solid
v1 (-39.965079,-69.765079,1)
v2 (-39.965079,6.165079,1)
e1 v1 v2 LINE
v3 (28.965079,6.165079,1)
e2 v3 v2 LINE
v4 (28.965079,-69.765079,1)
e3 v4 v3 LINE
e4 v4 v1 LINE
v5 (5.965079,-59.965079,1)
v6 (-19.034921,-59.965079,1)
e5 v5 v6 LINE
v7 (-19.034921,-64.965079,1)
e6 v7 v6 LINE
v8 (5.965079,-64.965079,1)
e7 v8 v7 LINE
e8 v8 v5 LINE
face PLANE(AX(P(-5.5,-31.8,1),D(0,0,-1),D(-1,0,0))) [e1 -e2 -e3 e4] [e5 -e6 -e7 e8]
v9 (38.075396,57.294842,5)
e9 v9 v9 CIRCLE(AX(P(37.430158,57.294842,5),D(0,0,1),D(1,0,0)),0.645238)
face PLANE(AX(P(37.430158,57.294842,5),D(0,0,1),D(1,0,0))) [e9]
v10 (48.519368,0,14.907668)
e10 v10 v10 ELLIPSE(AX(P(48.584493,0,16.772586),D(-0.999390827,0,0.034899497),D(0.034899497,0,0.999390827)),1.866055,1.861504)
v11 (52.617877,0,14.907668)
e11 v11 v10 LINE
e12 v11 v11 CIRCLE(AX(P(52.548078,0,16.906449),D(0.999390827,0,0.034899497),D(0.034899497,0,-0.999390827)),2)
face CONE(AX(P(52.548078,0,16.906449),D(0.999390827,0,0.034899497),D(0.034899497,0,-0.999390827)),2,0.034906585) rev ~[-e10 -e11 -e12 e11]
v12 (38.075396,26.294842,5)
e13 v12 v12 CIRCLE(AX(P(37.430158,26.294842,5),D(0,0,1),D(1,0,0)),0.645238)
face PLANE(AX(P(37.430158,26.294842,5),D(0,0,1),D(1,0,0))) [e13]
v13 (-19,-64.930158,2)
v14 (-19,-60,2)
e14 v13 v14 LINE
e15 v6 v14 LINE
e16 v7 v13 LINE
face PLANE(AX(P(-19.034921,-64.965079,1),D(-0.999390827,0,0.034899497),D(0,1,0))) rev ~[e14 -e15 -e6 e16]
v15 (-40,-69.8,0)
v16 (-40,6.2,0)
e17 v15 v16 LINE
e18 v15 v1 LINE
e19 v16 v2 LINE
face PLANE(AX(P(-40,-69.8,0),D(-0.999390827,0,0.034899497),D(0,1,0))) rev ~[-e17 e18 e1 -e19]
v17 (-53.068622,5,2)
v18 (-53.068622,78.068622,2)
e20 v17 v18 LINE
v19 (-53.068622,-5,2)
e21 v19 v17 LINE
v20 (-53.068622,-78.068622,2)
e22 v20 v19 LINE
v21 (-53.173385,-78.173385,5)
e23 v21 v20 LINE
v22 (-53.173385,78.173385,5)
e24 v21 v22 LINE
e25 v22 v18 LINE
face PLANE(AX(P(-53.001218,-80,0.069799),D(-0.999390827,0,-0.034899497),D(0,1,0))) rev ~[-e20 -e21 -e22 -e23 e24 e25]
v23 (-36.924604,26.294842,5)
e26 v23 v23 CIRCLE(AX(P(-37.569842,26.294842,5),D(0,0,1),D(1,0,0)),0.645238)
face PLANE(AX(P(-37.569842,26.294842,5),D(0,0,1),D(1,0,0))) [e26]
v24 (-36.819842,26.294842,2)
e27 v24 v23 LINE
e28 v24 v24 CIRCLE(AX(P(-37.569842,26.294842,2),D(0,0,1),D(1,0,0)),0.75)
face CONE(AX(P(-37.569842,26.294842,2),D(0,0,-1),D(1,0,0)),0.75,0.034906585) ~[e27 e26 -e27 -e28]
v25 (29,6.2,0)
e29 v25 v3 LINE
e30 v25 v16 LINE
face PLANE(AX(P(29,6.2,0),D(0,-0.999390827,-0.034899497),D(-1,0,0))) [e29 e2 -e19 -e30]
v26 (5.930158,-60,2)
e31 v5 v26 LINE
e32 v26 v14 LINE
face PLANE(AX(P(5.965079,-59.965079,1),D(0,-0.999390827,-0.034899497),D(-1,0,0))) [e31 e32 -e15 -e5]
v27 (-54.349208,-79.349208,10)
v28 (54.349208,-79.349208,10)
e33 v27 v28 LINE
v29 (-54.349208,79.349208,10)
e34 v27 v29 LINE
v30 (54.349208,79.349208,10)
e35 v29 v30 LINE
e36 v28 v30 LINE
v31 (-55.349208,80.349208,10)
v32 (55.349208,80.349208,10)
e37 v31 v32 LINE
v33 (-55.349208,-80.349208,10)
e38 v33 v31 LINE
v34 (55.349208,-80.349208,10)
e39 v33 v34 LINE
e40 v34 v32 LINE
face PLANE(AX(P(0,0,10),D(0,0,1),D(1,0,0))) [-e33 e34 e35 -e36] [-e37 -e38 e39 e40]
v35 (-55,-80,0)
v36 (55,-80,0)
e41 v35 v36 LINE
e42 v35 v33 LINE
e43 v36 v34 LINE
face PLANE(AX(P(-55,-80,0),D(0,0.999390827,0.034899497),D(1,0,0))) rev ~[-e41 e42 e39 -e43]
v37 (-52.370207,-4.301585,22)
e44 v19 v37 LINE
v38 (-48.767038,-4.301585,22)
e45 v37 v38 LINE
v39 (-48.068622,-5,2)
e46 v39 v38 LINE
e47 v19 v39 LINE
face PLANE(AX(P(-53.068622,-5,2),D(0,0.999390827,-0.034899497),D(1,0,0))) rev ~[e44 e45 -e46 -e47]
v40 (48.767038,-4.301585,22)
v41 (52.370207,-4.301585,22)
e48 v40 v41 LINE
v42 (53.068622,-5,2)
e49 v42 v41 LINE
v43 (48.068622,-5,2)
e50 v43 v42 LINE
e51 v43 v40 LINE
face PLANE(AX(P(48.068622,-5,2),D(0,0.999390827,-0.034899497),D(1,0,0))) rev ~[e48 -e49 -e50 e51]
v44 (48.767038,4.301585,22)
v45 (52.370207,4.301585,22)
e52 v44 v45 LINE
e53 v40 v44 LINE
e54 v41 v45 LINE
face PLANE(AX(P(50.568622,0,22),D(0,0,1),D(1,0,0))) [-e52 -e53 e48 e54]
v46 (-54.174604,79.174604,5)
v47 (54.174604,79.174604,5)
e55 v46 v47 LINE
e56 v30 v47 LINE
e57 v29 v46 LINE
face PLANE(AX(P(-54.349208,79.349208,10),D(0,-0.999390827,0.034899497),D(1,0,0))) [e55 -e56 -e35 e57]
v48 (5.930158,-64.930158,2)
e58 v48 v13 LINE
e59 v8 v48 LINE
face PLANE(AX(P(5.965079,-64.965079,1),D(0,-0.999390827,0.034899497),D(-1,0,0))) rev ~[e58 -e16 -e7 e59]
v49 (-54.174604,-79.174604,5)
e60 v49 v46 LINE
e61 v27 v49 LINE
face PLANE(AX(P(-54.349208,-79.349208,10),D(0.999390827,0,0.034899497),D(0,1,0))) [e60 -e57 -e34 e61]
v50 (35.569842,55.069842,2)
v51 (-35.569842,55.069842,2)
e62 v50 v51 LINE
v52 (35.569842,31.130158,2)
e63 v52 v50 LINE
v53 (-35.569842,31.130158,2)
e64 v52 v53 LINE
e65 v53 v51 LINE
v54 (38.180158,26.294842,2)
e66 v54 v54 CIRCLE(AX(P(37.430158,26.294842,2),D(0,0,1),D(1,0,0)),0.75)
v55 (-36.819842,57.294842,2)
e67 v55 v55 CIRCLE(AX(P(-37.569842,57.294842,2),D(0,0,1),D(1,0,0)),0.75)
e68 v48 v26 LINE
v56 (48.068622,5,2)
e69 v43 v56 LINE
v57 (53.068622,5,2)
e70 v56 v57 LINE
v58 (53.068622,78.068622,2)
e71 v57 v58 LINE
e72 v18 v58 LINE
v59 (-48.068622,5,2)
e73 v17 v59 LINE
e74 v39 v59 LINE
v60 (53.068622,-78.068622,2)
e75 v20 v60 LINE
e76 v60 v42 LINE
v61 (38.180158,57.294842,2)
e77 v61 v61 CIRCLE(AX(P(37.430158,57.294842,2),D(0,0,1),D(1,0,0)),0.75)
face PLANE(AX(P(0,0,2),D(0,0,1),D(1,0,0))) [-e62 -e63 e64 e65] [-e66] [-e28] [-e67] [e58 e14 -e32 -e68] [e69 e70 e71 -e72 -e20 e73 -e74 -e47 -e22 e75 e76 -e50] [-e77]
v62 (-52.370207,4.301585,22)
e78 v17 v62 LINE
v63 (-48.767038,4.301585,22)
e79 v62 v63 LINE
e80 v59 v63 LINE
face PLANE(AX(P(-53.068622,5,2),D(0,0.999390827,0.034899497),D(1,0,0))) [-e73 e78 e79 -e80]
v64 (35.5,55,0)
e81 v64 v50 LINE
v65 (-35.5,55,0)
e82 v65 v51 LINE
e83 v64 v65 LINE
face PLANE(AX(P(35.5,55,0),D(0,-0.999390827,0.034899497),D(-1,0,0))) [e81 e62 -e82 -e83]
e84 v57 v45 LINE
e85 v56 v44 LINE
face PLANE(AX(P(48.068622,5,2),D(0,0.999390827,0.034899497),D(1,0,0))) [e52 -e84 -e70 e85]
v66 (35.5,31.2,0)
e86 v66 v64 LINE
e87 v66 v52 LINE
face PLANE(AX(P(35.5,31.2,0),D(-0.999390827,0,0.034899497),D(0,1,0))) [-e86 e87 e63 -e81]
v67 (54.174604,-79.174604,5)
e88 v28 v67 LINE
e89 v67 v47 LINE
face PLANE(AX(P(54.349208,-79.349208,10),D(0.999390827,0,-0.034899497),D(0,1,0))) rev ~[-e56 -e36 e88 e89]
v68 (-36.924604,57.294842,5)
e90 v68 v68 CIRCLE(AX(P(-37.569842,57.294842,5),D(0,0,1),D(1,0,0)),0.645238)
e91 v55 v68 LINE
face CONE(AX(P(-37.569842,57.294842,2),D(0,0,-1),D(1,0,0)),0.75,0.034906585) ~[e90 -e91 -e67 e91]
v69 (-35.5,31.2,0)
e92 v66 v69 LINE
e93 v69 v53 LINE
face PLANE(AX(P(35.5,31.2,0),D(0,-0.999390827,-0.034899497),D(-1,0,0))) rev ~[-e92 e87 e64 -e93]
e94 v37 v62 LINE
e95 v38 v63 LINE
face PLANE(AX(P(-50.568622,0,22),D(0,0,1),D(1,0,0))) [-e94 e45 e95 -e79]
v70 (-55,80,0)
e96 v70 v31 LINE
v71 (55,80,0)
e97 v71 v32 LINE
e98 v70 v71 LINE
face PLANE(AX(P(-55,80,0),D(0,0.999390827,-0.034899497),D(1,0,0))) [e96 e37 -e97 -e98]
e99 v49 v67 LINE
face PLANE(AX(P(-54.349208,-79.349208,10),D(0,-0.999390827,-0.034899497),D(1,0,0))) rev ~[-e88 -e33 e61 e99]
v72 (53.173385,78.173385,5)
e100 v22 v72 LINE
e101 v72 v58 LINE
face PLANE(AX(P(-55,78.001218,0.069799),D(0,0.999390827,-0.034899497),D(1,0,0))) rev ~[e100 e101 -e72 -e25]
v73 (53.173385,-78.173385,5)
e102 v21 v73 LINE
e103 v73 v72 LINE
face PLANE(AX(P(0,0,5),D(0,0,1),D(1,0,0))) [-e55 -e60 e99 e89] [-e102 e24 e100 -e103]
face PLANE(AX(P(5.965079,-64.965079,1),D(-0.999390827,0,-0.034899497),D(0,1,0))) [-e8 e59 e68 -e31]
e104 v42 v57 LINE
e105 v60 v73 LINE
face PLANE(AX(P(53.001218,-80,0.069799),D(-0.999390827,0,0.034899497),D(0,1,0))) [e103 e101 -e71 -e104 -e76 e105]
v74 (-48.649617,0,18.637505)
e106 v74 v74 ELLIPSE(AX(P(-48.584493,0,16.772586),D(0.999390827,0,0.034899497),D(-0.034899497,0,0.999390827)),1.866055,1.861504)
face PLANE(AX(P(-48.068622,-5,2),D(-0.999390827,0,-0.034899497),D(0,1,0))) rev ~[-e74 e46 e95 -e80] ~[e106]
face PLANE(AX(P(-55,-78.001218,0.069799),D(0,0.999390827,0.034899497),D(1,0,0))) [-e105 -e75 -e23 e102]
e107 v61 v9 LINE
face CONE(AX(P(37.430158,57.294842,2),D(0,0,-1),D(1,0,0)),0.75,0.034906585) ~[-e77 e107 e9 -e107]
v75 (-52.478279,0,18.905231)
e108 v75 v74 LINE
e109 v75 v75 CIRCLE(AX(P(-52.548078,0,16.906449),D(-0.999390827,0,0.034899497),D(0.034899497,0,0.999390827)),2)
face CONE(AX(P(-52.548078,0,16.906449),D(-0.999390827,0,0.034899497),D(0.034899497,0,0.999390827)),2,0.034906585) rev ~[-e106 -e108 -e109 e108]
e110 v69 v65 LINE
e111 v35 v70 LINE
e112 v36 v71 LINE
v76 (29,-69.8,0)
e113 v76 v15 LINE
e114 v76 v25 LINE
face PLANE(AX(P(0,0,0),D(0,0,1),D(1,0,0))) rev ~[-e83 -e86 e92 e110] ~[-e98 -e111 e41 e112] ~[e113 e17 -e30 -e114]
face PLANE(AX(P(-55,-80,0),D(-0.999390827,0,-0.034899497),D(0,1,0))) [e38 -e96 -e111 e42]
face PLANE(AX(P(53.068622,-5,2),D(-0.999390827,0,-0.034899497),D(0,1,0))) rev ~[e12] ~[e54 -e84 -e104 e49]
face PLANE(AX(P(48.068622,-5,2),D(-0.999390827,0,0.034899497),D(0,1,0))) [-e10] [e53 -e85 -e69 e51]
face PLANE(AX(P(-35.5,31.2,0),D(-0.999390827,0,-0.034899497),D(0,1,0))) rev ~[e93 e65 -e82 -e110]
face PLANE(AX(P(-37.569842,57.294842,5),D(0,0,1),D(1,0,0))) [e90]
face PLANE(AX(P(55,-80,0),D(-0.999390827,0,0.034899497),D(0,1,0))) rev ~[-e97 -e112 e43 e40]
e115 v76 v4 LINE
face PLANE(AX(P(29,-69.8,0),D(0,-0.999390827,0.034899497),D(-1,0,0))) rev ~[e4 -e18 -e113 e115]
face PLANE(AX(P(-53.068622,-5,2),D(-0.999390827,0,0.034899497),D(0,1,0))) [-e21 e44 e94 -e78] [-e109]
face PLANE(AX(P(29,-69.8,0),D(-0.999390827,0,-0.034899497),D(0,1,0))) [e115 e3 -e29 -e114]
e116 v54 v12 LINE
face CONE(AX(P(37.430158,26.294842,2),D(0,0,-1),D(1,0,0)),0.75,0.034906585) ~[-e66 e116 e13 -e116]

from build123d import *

# Parameters (mm, degrees)
SKETCH1_W                     = 110
SKETCH1_H                     = 160
BOSS_EXTRUDE1_DEPTH           = 10
BOSS_EXTRUDE1_DRAFT           = -2
SHELL1_T                      = -2
SKETCH3_W                     = 108.69841539
SKETCH3_H                     = 158.69841539
CUT_EXTRUDE3_DEPTH            = 5
CUT_EXTRUDE3_DRAFT            = -2
SKETCH4_W                     = 71
SKETCH4_H                     = 23.8
CUT_EXTRUDE4_DEPTH            = 2
CUT_EXTRUDE4_DRAFT            = 2
SKETCH10_R                    = 0.75
BOSS_EXTRUDE3_DEPTH           = 3
BOSS_EXTRUDE3_DRAFT           = 2
BOSS_EXTRUDE3_PROFILE_2_DEPTH = 3
BOSS_EXTRUDE3_PROFILE_2_DRAFT = 2
BOSS_EXTRUDE3_PROFILE_3_DEPTH = 3
BOSS_EXTRUDE3_PROFILE_3_DRAFT = 2
BOSS_EXTRUDE3_PROFILE_4_DEPTH = 3
BOSS_EXTRUDE3_PROFILE_4_DRAFT = 2
SKETCH13_W                    = 5
SKETCH13_H                    = 10
BOSS_EXTRUDE8_DEPTH           = 20
BOSS_EXTRUDE8_DRAFT           = 2
BOSS_EXTRUDE8_PROFILE_2_DEPTH = 20
BOSS_EXTRUDE8_PROFILE_2_DRAFT = 2
CUT_EXTRUDE8_REACH            = 138.446
SKETCH21_R                    = 2
CUT_EXTRUDE8_DRAFT            = -2
CUT_EXTRUDE9_REACH            = 138.446
SKETCH22_R                    = 2
CUT_EXTRUDE9_DRAFT            = -2
SKETCH27_W                    = 69
SKETCH27_H                    = 76
CUT_EXTRUDE10_DEPTH           = 1
CUT_EXTRUDE10_DRAFT           = -2
SKETCH28_W                    = 25
SKETCH28_H                    = 5
CUT_EXTRUDE11_DEPTH           = 1
CUT_EXTRUDE11_DRAFT           = -2


with BuildPart() as part:
    # Sketch1 → Boss-Extrude1 (with draft: the straight prism first)
    with BuildSketch(Plane.XY):
        Rectangle(SKETCH1_W, SKETCH1_H)
    extrude(amount=BOSS_EXTRUDE1_DEPTH)
    # Boss-Extrude1: the draft: its side faces are tilted about the plane it starts from
    boss_extrude1_sides = [part.faces().sort_by_distance(p)[0] for p in [
        (55, 0, 5),
        (0, 80, 5),
        (-55, 0, 5),
        (0, -80, 5),
    ]]
    draft(boss_extrude1_sides, Plane.XY, BOSS_EXTRUDE1_DRAFT)

    # Shell1
    shell1_openings = [part.faces().sort_by_distance(p)[0] for p in [
        (0, 0, 10),
    ]]
    offset(amount=SHELL1_T, openings=shell1_openings, kind=Kind.INTERSECTION)


with BuildPart() as cut_extrude3_tool:
    # Sketch3 → Cut-Extrude3 (with draft: the straight prism first)
    with BuildSketch(Plane.XY.offset(10)):
        Rectangle(SKETCH3_W, SKETCH3_H)
    extrude(amount=-CUT_EXTRUDE3_DEPTH)
    # Cut-Extrude3: the draft: its side faces are tilted about the plane it starts from
    cut_extrude3_sides = [cut_extrude3_tool.faces().sort_by_distance(p)[0] for p in [
        (54.349207695, 0, 7.5),
        (0, 79.349207695, 7.5),
        (-54.349207695, 0, 7.5),
        (0, -79.349207695, 7.5),
    ]]
    draft(cut_extrude3_sides, Plane.XY.offset(10), CUT_EXTRUDE3_DRAFT)


with BuildPart() as part_1:
    add(part.part)

    # Cut-Extrude3: cut by cut_extrude3_tool
    add(cut_extrude3_tool.part, mode=Mode.SUBTRACT)


with BuildPart() as cut_extrude4_tool:
    # Sketch4 → Cut-Extrude4 (with draft: the straight prism first)
    with BuildSketch(Plane(origin=(0, 0, 0), x_dir=(-1, 0, 0), z_dir=(0, 0, -1))):
        with Locations((0, 43.1)):
            Rectangle(SKETCH4_W, SKETCH4_H)
    extrude(amount=-CUT_EXTRUDE4_DEPTH)
    # Cut-Extrude4: the draft: its side faces are tilted about the plane it starts from
    cut_extrude4_sides = [cut_extrude4_tool.faces().sort_by_distance(p)[0] for p in [
        (-35.5, 43.1, 1),
        (0, 55, 1),
        (35.5, 43.1, 1),
        (0, 31.2, 1),
    ]]
    draft(cut_extrude4_sides, Plane(origin=(0, 0, 0), x_dir=(-1, 0, 0), z_dir=(0, 0, -1)), CUT_EXTRUDE4_DRAFT)


with BuildPart() as part_2:
    add(part_1.part)

    # Cut-Extrude4: cut by cut_extrude4_tool
    add(cut_extrude4_tool.part, mode=Mode.SUBTRACT)


with BuildPart() as boss_extrude3_tool:
    # Sketch10 → Boss-Extrude3 (with draft: the straight prism first)
    with BuildSketch(Plane.XY.offset(2)):
        with Locations((-37.569841539, 57.294841539)):
            Circle(SKETCH10_R)
    extrude(amount=BOSS_EXTRUDE3_DEPTH)
    # Boss-Extrude3: the draft: its side faces are tilted about the plane it starts from
    boss_extrude3_sides = [boss_extrude3_tool.faces().sort_by_distance(p)[0] for p in [
        (-38.319841539, 57.294841539, 3.5),
    ]]
    draft(boss_extrude3_sides, Plane.XY.offset(2), BOSS_EXTRUDE3_DRAFT)


with BuildPart() as part_3:
    add(part_2.part)

    # Boss-Extrude3: add boss_extrude3_tool
    add(boss_extrude3_tool.part)


with BuildPart() as boss_extrude3_profile_2_tool:
    # Sketch10 → Boss-Extrude3 profile 2 (with draft: the straight prism first)
    with BuildSketch(Plane.XY.offset(2)):
        with Locations((37.430158461, 57.294841539)):
            Circle(SKETCH10_R)
    extrude(amount=BOSS_EXTRUDE3_PROFILE_2_DEPTH)
    # Boss-Extrude3 profile 2: the draft: its side faces are tilted about the plane it starts from
    boss_extrude3_profile_2_sides = [boss_extrude3_profile_2_tool.faces().sort_by_distance(p)[0] for p in [
        (36.680158461, 57.294841539, 3.5),
    ]]
    draft(boss_extrude3_profile_2_sides, Plane.XY.offset(2), BOSS_EXTRUDE3_PROFILE_2_DRAFT)


with BuildPart() as part_4:
    add(part_3.part)

    # Boss-Extrude3 profile 2: add boss_extrude3_profile_2_tool
    add(boss_extrude3_profile_2_tool.part)


with BuildPart() as boss_extrude3_profile_3_tool:
    # Sketch10 → Boss-Extrude3 profile 3 (with draft: the straight prism first)
    with BuildSketch(Plane.XY.offset(2)):
        with Locations((37.430158461, 26.294841539)):
            Circle(SKETCH10_R)
    extrude(amount=BOSS_EXTRUDE3_PROFILE_3_DEPTH)
    # Boss-Extrude3 profile 3: the draft: its side faces are tilted about the plane it starts from
    boss_extrude3_profile_3_sides = [boss_extrude3_profile_3_tool.faces().sort_by_distance(p)[0] for p in [
        (36.680158461, 26.294841539, 3.5),
    ]]
    draft(boss_extrude3_profile_3_sides, Plane.XY.offset(2), BOSS_EXTRUDE3_PROFILE_3_DRAFT)


with BuildPart() as part_5:
    add(part_4.part)

    # Boss-Extrude3 profile 3: add boss_extrude3_profile_3_tool
    add(boss_extrude3_profile_3_tool.part)


with BuildPart() as boss_extrude3_profile_4_tool:
    # Sketch10 → Boss-Extrude3 profile 4 (with draft: the straight prism first)
    with BuildSketch(Plane.XY.offset(2)):
        with Locations((-37.569841539, 26.294841539)):
            Circle(SKETCH10_R)
    extrude(amount=BOSS_EXTRUDE3_PROFILE_4_DEPTH)
    # Boss-Extrude3 profile 4: the draft: its side faces are tilted about the plane it starts from
    boss_extrude3_profile_4_sides = [boss_extrude3_profile_4_tool.faces().sort_by_distance(p)[0] for p in [
        (-38.319841539, 26.294841539, 3.5),
    ]]
    draft(boss_extrude3_profile_4_sides, Plane.XY.offset(2), BOSS_EXTRUDE3_PROFILE_4_DRAFT)


with BuildPart() as part_6:
    add(part_5.part)

    # Boss-Extrude3 profile 4: add boss_extrude3_profile_4_tool
    add(boss_extrude3_profile_4_tool.part)


with BuildPart() as boss_extrude8_tool:
    # Sketch13 → Boss-Extrude8 (with draft: the straight prism first)
    with BuildSketch(Plane.XY.offset(2)):
        with Locations((-50.56862245, 0)):
            Rectangle(SKETCH13_W, SKETCH13_H)
    extrude(amount=BOSS_EXTRUDE8_DEPTH)
    # Boss-Extrude8: the draft: its side faces are tilted about the plane it starts from
    boss_extrude8_sides = [boss_extrude8_tool.faces().sort_by_distance(p)[0] for p in [
        (-50.56862245, 5, 12),
        (-53.06862245, 0, 12),
        (-50.56862245, -5, 12),
        (-48.06862245, 0, 12),
    ]]
    draft(boss_extrude8_sides, Plane.XY.offset(2), BOSS_EXTRUDE8_DRAFT)


with BuildPart() as part_7:
    add(part_6.part)

    # Boss-Extrude8: add boss_extrude8_tool
    add(boss_extrude8_tool.part)


with BuildPart() as boss_extrude8_profile_2_tool:
    # Sketch13 → Boss-Extrude8 profile 2 (with draft: the straight prism first)
    with BuildSketch(Plane.XY.offset(2)):
        with Locations((50.56862245, 0)):
            Rectangle(SKETCH13_W, SKETCH13_H)
    extrude(amount=BOSS_EXTRUDE8_PROFILE_2_DEPTH)
    # Boss-Extrude8 profile 2: the draft: its side faces are tilted about the plane it starts from
    boss_extrude8_profile_2_sides = [boss_extrude8_profile_2_tool.faces().sort_by_distance(p)[0] for p in [
        (50.56862245, -5, 12),
        (53.06862245, 0, 12),
        (50.56862245, 5, 12),
        (48.06862245, 0, 12),
    ]]
    draft(boss_extrude8_profile_2_sides, Plane.XY.offset(2), BOSS_EXTRUDE8_PROFILE_2_DRAFT)


with BuildPart() as part_8:
    add(part_7.part)

    # Boss-Extrude8 profile 2: add boss_extrude8_profile_2_tool
    add(boss_extrude8_profile_2_tool.part)

    # Cut-Extrude8: up to this plane
    cut_extrude8_end = Plane(origin=(-48.06862245, 5, 2), z_dir=(0.9993908270190958, 0, 0.034899496702501004))



with BuildPart() as cut_extrude8_long_prism_1:
    # Sketch21 → Cut-Extrude8 (the long prism of profile 1, to be tilted and cut off)
    with BuildSketch(Plane(origin=(-53.073742676, 0, 1.853375934), x_dir=(0.03489949670250101, 0, 0.9993908270190958), z_dir=(-0.9993908270190958, 0, 0.03489949670250101))):
        with Locations((15.062248779, 0)):
            Circle(SKETCH21_R)
    extrude(amount=-CUT_EXTRUDE8_REACH)
    cut_extrude8_tool1_sides = [cut_extrude8_long_prism_1.faces().sort_by_distance(p)[0] for p in [
        (16.562954451, 0, 12.491819684),
    ]]
    draft(cut_extrude8_tool1_sides, Plane(origin=(-53.073742676, 0, 1.853375934), x_dir=(0.03489949670250101, 0, 0.9993908270190958), z_dir=(-0.9993908270190958, 0, 0.03489949670250101)), CUT_EXTRUDE8_DRAFT)  # the draft: side faces tilted about the start plane


with BuildPart() as part_9:
    add(part_8.part)
    cut_extrude8_tool1 = split(cut_extrude8_long_prism_1.part, bisect_by=cut_extrude8_end, keep=Keep.BOTH, mode=Mode.PRIVATE)
    add(cut_extrude8_tool1.solids().sort_by_distance((-52.548078, 0, 16.906449))[0], mode=Mode.SUBTRACT)

    # Cut-Extrude9: up to this plane
    cut_extrude9_end = Plane(origin=(48.06862245, -5, 2), z_dir=(-0.9993908270190958, 0, 0.034899496702501004))



with BuildPart() as cut_extrude9_long_prism_1:
    # Sketch22 → Cut-Extrude9 (the long prism of profile 1, to be tilted and cut off)
    with BuildSketch(Plane(origin=(53.073742676, 0, 1.853375934), x_dir=(0.03489949670250101, 0, -0.9993908270190958), z_dir=(0.9993908270190958, 0, 0.03489949670250101))):
        with Locations((-15.062248779, 0)):
            Circle(SKETCH22_R)
    extrude(amount=-CUT_EXTRUDE9_REACH)
    cut_extrude9_tool1_sides = [cut_extrude9_long_prism_1.faces().sort_by_distance(p)[0] for p in [
        (-16.702552438, 0, 16.489382992),
    ]]
    draft(cut_extrude9_tool1_sides, Plane(origin=(53.073742676, 0, 1.853375934), x_dir=(0.03489949670250101, 0, -0.9993908270190958), z_dir=(0.9993908270190958, 0, 0.03489949670250101)), CUT_EXTRUDE9_DRAFT)  # the draft: side faces tilted about the start plane


with BuildPart() as part_10:
    add(part_9.part)
    cut_extrude9_tool1 = split(cut_extrude9_long_prism_1.part, bisect_by=cut_extrude9_end, keep=Keep.BOTH, mode=Mode.PRIVATE)
    add(cut_extrude9_tool1.solids().sort_by_distance((52.548078, 0, 16.906449))[0], mode=Mode.SUBTRACT)


with BuildPart() as cut_extrude10_tool:
    # Sketch27 → Cut-Extrude10 (with draft: the straight prism first)
    with BuildSketch(Plane(origin=(0, 0, 0), x_dir=(-1, 0, 0), z_dir=(0, 0, -1))):
        with Locations((5.5, -31.8)):
            Rectangle(SKETCH27_W, SKETCH27_H)
    extrude(amount=-CUT_EXTRUDE10_DEPTH)
    # Cut-Extrude10: the draft: its side faces are tilted about the plane it starts from
    cut_extrude10_sides = [cut_extrude10_tool.faces().sort_by_distance(p)[0] for p in [
        (-40, -31.8, 0.5),
        (-5.5, 6.2, 0.5),
        (29, -31.8, 0.5),
        (-5.5, -69.8, 0.5),
    ]]
    draft(cut_extrude10_sides, Plane(origin=(0, 0, 0), x_dir=(-1, 0, 0), z_dir=(0, 0, -1)), CUT_EXTRUDE10_DRAFT)


with BuildPart() as part_11:
    add(part_10.part)

    # Cut-Extrude10: cut by cut_extrude10_tool
    add(cut_extrude10_tool.part, mode=Mode.SUBTRACT)


with BuildPart() as cut_extrude11_tool:
    # Sketch28 → Cut-Extrude11 (with draft: the straight prism first)
    with BuildSketch(Plane(origin=(0, 0, 1), x_dir=(-1, 0, 0), z_dir=(0, 0, -1))):
        with Locations((6.534920769, -62.465079231)):
            Rectangle(SKETCH28_W, SKETCH28_H)
    extrude(amount=-CUT_EXTRUDE11_DEPTH)
    # Cut-Extrude11: the draft: its side faces are tilted about the plane it starts from
    cut_extrude11_sides = [cut_extrude11_tool.faces().sort_by_distance(p)[0] for p in [
        (-6.534920769, -59.965079231, 1.5),
        (5.965079231, -62.465079231, 1.5),
        (-6.534920769, -64.965079231, 1.5),
        (-19.034920769, -62.465079231, 1.5),
    ]]
    draft(cut_extrude11_sides, Plane(origin=(0, 0, 1), x_dir=(-1, 0, 0), z_dir=(0, 0, -1)), CUT_EXTRUDE11_DRAFT)


with BuildPart() as part_12:
    add(part_11.part)

    # Cut-Extrude11: cut by cut_extrude11_tool
    add(cut_extrude11_tool.part, mode=Mode.SUBTRACT)


solid = part_12.part
